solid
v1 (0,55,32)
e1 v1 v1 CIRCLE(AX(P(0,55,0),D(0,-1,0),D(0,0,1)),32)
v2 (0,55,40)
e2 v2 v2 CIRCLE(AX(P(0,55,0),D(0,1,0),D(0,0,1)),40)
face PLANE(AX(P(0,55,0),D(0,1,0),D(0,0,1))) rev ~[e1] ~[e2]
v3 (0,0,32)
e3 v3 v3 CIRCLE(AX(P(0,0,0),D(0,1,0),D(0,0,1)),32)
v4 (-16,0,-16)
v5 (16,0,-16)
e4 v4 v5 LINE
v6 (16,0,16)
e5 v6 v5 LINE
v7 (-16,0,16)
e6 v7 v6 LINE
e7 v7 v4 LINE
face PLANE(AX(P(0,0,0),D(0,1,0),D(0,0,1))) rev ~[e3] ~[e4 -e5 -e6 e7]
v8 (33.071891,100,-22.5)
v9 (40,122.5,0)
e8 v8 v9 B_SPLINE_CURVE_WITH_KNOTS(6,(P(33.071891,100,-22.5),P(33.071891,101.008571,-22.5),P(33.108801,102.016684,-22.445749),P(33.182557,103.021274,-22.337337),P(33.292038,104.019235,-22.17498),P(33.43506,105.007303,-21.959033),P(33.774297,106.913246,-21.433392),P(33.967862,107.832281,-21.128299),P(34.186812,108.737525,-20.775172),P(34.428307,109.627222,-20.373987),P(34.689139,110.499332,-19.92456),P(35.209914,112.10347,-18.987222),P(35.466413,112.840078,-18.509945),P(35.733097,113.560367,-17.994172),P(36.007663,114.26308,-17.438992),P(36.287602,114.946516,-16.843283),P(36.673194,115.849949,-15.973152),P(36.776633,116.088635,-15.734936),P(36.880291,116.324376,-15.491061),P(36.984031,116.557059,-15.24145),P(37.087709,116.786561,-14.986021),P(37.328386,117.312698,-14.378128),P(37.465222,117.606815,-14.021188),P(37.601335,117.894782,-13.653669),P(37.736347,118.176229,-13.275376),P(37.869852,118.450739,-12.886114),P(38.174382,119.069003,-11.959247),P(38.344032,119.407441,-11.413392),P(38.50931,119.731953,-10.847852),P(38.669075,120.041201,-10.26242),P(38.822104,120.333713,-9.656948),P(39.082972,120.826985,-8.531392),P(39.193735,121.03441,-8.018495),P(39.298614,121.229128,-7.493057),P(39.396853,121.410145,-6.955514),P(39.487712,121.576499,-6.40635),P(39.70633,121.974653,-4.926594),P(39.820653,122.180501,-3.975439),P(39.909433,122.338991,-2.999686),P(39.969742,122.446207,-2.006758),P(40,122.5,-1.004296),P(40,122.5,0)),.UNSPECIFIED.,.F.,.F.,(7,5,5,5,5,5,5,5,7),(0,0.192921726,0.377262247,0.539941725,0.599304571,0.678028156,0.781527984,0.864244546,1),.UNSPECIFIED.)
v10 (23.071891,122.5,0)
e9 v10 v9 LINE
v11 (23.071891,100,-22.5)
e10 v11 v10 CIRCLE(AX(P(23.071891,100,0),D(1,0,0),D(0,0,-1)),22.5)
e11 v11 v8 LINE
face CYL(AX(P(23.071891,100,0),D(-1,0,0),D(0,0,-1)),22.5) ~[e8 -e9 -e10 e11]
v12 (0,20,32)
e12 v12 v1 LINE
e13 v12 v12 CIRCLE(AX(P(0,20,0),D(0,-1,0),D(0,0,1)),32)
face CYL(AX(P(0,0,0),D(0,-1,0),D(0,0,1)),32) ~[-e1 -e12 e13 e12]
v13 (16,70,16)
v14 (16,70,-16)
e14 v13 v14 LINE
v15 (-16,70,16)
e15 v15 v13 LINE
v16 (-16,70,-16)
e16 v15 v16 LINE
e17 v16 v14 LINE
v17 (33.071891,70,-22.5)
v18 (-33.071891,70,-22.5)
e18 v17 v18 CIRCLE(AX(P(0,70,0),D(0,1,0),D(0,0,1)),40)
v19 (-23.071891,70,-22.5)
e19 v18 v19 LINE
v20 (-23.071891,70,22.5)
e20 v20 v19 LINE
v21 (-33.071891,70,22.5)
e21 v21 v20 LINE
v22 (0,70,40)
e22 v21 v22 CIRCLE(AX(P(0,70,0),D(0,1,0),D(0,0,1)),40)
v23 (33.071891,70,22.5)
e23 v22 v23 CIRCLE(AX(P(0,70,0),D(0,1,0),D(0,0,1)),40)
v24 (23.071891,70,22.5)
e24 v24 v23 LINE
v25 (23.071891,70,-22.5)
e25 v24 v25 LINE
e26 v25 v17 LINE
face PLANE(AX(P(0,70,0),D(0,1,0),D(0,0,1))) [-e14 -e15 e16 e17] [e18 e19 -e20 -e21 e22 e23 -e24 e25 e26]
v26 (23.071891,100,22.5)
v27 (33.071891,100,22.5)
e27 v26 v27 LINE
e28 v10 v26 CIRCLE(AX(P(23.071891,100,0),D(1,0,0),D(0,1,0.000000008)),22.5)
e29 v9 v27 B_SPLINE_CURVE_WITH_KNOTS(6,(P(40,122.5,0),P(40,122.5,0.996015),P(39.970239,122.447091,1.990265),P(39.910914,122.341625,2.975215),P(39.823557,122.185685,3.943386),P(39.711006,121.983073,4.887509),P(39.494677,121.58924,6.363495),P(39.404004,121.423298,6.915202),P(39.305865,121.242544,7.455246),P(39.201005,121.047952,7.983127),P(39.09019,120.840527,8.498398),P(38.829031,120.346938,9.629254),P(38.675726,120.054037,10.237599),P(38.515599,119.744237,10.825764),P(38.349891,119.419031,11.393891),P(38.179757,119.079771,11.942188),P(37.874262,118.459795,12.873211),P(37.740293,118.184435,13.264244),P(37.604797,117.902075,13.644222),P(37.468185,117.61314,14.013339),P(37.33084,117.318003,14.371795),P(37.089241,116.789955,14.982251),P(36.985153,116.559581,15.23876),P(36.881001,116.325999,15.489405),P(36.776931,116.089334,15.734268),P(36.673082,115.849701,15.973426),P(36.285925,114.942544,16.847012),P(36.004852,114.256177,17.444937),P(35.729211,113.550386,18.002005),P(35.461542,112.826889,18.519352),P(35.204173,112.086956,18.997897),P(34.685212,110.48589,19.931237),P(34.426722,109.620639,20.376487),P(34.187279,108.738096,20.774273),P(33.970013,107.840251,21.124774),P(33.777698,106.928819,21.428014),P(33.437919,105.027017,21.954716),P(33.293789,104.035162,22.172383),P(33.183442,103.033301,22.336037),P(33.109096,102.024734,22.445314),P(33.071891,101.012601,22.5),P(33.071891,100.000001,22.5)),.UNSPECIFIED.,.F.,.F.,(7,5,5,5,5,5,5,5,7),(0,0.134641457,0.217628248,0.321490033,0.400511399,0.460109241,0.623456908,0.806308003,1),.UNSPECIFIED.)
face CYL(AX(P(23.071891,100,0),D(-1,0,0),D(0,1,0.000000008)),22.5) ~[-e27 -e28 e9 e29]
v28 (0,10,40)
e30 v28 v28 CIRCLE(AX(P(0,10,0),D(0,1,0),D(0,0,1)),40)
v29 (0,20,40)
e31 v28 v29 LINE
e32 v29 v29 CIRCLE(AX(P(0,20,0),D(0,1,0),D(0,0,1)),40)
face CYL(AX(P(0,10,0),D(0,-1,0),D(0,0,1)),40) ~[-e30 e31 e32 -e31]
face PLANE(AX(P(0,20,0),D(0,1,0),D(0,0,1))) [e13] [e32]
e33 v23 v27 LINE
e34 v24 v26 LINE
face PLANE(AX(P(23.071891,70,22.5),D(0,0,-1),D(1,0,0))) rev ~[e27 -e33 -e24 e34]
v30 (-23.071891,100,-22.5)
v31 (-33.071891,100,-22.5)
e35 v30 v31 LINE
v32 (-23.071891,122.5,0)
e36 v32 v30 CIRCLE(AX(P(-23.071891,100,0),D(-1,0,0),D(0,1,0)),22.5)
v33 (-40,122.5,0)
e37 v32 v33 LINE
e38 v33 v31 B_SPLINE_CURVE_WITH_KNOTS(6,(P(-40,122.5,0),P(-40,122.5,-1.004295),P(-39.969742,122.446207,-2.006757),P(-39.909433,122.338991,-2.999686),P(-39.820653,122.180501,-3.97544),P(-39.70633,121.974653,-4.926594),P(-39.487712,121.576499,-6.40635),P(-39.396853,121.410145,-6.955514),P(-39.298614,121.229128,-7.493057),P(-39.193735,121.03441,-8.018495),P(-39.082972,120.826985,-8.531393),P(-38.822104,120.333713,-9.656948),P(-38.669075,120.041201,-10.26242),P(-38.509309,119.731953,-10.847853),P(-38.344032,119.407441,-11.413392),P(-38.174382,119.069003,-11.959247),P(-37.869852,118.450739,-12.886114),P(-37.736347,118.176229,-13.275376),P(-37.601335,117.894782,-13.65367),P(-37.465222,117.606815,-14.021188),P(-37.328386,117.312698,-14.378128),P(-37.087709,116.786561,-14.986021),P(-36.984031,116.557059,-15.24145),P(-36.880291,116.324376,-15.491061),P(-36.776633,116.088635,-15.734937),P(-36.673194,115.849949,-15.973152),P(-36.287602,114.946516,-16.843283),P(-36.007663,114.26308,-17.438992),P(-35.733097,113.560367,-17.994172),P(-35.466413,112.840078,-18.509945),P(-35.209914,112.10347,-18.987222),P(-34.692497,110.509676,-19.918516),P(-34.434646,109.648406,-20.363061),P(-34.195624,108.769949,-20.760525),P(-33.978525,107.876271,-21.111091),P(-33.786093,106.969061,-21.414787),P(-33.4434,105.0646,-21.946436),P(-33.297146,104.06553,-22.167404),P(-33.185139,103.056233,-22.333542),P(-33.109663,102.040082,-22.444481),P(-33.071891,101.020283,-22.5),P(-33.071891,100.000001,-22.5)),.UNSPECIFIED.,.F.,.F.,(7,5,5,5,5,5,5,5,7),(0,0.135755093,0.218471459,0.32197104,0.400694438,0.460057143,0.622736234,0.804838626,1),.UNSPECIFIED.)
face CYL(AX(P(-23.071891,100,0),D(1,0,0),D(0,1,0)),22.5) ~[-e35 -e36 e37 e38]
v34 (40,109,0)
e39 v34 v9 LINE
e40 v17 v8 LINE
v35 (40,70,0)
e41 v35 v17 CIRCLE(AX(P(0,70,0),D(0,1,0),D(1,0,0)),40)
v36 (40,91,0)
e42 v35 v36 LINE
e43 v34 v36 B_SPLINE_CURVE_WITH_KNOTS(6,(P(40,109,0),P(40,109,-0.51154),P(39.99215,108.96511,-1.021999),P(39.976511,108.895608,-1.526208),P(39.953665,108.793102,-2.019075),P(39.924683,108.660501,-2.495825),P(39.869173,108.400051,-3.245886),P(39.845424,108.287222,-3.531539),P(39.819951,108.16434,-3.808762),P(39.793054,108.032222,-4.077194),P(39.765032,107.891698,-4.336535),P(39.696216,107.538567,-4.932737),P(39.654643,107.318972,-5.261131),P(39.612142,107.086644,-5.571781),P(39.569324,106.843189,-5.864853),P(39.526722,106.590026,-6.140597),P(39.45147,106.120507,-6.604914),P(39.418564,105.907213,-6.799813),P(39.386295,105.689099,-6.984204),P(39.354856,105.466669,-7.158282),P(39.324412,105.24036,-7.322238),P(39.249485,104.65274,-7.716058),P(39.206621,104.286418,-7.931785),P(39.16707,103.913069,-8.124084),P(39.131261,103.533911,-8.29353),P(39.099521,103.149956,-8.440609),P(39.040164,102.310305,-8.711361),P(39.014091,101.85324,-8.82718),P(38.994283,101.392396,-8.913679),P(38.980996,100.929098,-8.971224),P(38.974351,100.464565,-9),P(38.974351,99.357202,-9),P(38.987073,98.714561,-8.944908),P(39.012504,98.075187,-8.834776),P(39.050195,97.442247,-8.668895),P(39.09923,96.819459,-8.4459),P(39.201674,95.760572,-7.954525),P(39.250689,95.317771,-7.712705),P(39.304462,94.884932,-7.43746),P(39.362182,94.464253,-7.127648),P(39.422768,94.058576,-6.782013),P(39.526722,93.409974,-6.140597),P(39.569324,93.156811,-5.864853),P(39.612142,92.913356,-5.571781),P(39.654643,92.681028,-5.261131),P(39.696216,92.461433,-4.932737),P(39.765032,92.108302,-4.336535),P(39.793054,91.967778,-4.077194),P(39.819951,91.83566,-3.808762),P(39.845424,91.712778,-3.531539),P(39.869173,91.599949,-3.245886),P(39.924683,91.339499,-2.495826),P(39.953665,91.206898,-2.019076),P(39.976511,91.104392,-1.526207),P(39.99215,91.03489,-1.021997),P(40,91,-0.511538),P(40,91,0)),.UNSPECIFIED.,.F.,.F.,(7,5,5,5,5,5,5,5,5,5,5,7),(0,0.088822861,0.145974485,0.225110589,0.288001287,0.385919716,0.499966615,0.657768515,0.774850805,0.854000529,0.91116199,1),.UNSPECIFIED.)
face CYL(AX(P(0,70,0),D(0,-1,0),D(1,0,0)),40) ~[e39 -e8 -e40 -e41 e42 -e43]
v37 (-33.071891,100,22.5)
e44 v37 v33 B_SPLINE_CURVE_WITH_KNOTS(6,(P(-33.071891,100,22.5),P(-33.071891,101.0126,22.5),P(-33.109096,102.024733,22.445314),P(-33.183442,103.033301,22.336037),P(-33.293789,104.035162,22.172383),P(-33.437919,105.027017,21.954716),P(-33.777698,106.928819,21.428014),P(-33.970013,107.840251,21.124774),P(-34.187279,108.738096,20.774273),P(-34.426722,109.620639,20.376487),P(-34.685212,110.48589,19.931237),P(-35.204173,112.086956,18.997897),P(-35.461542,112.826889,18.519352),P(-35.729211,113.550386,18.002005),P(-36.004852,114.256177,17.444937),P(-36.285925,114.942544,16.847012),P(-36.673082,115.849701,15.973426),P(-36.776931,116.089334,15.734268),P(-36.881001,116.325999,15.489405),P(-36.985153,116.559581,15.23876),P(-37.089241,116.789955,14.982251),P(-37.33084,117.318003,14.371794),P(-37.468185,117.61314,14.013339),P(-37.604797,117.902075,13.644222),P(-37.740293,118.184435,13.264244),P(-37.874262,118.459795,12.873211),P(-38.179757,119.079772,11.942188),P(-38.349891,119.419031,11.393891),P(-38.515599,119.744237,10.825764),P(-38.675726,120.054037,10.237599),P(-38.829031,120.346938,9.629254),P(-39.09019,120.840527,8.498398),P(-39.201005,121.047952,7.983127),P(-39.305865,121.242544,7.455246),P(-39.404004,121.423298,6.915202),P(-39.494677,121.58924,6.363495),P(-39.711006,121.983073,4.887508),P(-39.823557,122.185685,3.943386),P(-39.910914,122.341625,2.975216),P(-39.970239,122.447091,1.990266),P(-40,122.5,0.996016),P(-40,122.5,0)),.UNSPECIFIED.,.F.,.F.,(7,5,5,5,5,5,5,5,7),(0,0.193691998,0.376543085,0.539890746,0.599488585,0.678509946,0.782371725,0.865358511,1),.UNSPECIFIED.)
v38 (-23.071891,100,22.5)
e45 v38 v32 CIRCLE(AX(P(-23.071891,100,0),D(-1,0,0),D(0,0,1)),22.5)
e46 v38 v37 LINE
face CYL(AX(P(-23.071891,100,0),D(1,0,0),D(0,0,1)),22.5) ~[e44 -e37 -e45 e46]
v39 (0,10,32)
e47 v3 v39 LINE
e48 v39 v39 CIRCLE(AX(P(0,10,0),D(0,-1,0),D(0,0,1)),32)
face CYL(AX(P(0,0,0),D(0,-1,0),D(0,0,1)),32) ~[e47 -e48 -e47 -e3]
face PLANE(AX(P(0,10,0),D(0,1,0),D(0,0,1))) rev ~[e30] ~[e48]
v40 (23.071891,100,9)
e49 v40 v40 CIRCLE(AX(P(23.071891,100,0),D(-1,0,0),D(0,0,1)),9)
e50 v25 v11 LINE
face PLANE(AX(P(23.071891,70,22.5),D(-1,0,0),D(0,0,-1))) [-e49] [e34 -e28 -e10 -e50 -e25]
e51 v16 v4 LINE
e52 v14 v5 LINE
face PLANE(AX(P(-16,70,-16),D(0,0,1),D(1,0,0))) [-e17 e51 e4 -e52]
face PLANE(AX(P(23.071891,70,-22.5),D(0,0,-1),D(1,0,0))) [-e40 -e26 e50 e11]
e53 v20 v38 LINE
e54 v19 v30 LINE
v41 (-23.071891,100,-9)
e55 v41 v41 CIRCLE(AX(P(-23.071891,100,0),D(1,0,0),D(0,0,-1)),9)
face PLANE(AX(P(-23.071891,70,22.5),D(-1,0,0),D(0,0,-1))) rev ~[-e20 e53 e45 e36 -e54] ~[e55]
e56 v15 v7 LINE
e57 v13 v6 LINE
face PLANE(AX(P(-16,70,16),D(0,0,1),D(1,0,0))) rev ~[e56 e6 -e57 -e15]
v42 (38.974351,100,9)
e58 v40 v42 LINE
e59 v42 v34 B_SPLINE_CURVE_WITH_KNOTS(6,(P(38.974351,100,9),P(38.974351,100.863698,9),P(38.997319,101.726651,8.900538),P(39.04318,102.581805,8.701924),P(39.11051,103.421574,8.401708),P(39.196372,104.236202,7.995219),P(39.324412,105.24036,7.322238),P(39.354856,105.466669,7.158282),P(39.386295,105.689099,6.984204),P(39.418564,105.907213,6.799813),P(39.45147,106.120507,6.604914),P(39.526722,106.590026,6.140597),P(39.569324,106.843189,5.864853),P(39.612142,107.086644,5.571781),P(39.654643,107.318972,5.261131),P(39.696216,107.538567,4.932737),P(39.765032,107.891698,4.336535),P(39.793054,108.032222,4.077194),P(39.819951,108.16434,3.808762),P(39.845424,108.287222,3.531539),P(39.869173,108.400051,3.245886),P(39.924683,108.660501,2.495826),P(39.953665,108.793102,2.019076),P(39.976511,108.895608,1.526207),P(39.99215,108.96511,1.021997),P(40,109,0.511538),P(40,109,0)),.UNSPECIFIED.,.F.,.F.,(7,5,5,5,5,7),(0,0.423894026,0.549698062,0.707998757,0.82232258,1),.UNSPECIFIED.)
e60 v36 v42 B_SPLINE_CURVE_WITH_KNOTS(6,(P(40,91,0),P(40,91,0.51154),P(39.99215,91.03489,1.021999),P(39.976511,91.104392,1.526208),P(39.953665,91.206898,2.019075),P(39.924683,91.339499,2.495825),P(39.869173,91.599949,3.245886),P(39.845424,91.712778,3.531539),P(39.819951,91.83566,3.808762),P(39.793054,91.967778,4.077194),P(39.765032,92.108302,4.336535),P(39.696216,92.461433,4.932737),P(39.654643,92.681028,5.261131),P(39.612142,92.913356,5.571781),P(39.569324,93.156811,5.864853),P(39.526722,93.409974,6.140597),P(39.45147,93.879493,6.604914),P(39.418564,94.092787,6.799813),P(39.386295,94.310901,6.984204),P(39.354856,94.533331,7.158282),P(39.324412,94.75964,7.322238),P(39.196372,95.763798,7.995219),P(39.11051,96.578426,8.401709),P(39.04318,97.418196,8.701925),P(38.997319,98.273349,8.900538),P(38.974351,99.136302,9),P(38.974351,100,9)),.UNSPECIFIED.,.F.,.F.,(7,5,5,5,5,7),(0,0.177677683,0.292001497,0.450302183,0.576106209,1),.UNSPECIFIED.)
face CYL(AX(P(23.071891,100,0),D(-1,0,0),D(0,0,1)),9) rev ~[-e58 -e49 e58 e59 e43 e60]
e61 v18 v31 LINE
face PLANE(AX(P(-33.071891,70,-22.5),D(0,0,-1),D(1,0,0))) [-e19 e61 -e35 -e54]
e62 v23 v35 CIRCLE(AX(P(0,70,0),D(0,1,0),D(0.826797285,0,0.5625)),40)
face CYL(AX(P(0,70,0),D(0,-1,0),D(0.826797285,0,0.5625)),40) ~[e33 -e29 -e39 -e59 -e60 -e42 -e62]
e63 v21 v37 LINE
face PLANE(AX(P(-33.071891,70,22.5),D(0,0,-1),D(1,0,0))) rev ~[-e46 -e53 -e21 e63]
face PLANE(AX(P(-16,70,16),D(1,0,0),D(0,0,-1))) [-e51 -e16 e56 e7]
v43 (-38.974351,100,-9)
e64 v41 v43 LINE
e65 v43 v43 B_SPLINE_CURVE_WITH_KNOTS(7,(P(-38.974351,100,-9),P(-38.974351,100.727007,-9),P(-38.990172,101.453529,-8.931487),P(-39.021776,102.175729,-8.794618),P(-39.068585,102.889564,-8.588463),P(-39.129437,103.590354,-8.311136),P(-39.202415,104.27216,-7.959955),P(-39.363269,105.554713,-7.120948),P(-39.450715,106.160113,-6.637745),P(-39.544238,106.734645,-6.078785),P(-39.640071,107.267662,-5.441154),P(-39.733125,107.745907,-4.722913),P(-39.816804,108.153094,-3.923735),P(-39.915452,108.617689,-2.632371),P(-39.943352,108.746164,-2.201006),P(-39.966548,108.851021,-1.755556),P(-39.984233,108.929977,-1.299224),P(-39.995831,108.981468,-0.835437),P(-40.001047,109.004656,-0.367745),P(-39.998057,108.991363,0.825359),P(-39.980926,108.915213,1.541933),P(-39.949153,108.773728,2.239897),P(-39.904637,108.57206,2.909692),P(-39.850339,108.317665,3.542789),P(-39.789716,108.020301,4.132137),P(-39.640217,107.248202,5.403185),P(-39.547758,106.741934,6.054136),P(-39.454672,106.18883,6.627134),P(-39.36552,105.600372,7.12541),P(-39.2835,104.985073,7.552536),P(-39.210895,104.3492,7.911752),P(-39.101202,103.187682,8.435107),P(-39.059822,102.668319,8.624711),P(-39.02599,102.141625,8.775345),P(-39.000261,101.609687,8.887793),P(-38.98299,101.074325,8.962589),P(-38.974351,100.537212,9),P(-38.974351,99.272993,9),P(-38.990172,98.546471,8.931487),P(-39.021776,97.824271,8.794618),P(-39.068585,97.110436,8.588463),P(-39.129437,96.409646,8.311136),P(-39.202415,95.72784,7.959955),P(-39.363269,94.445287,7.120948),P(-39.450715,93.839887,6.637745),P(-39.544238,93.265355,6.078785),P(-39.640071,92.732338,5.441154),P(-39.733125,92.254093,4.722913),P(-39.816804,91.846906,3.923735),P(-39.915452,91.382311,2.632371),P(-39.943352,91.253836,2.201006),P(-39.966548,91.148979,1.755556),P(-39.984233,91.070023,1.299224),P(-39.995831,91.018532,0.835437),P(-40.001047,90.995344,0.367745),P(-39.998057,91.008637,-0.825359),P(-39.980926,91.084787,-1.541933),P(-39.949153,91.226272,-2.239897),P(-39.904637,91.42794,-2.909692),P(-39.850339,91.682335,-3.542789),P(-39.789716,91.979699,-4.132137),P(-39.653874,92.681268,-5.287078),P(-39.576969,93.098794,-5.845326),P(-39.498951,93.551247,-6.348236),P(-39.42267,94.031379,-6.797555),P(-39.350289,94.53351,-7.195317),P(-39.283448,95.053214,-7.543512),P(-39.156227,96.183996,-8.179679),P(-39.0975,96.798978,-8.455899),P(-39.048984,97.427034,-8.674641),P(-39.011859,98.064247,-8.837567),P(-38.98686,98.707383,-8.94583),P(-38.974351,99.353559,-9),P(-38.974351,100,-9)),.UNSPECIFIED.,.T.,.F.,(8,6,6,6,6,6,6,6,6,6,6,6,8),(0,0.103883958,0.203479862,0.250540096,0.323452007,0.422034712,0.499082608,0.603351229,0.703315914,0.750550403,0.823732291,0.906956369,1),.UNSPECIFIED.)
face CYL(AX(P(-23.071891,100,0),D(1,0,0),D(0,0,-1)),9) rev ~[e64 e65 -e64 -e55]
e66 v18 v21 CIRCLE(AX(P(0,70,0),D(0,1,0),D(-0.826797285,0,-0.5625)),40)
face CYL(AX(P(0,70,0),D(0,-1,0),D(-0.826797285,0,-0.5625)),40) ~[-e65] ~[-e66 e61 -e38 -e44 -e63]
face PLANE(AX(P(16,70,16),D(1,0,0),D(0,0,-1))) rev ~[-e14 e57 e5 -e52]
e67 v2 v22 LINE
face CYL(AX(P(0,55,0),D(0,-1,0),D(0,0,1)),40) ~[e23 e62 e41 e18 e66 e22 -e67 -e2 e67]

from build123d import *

# Parameters (mm, degrees)
IZIM1_R                     = 32
Y_KSEKLIK_EKSTR_ZYON1_DEPTH = 70
IZIM2_R                     = 40
Y_KSEKLIK_EKSTR_ZYON2_DEPTH = 10
IZIM3_R                     = 40
Y_KSEKLIK_EKSTR_ZYON3_DEPTH = 15
IZIM4_W                     = 32
IZIM4_H                     = 32
KES_EKSTR_ZYON1_DEPTH       = 91
IZIM5_W                     = 10
IZIM5_H                     = 45
Y_KSEKLIK_EKSTR_ZYON6_DEPTH = 52.5
IZIM11_R                    = 9
KES_EKSTR_ZYON2_DEPTH       = 144.472343967
KES_EKSTR_ZYON3_DEPTH       = 144.472344097


with BuildPart() as part:
    # Çizim1 → Yükseklik-Ekstrüzyon1 (new body)
    with BuildSketch(Plane(origin=(0, 0, 0), x_dir=(1, 0, 0), z_dir=(0, 1, 0))):
        with Locations(Location((0, 0, 0), (0, 0, 270))):
            Circle(IZIM1_R)
    extrude(amount=Y_KSEKLIK_EKSTR_ZYON1_DEPTH)

    # Çizim2 → Yükseklik-Ekstrüzyon2 (add)
    with BuildSketch(Plane(origin=(0, 10, 0), x_dir=(1, 0, 0), z_dir=(0, 1, 0))):
        with Locations(Location((0, 0, 0), (0, 0, 270))):
            Circle(IZIM2_R)
    extrude(amount=Y_KSEKLIK_EKSTR_ZYON2_DEPTH)

    # Çizim3 → Yükseklik-Ekstrüzyon3 (add)
    with BuildSketch(Plane(origin=(0, 55, 0), x_dir=(1, 0, 0), z_dir=(0, 1, 0))):
        with Locations(Location((0, 0, 0), (0, 0, 270))):
            Circle(IZIM3_R)
    extrude(amount=Y_KSEKLIK_EKSTR_ZYON3_DEPTH)

    # Çizim4 → Kes-Ekstrüzyon1 (cut, through all)
    with BuildSketch(Plane(origin=(0, 70, 0), x_dir=(1, 0, 0), z_dir=(0, 1, 0))):
        Rectangle(IZIM4_W, IZIM4_H)
    extrude(amount=-KES_EKSTR_ZYON1_DEPTH, mode=Mode.SUBTRACT)

    # Çizim5 → Yükseklik-Ekstrüzyon6 (add)
    with BuildSketch(Plane(origin=(0, 70, 0), x_dir=(1, 0, 0), z_dir=(0, 1, 0))):
        with Locations((-28.071891388, 0)):
            Rectangle(IZIM5_W, IZIM5_H)
        with BuildLine():
            ThreePointArc((-33.071891388, 22.5), (-40, 0), (-33.071891388, -22.5))
            Line((-33.071891388, -22.5), (-33.071891388, 22.5))
        make_face()
        with Locations((28.071891388, 0)):
            Rectangle(IZIM5_W, IZIM5_H)
        with BuildLine():
            Line((33.071891388, 22.5), (33.071891388, -22.5))
            ThreePointArc((33.071891388, -22.5), (38.228756555, -11.771243445), (40, 0))
            ThreePointArc((40, 0), (38.228756555, 11.771243445), (33.071891388, 22.5))
        make_face()
    extrude(amount=Y_KSEKLIK_EKSTR_ZYON6_DEPTH)

    # Çizim11 → Kes-Ekstrüzyon2 (cut, through all)
    with BuildSketch(Plane.ZY.offset(-23.071891388)):
        with Locations((0, 100)):
            Circle(IZIM11_R)
        with BuildLine():
            ThreePointArc((-22.5, 100), (-15.909902516, 115.909902637), (1.71e-07, 122.5))
            Line((1.71e-07, 122.5), (-22.5, 122.5))
            Line((-22.5, 122.5), (-22.5, 100))
        make_face()
        with BuildLine():
            ThreePointArc((1.71e-07, 122.5), (15.909902637, 115.909902516), (22.5, 100))
            Line((22.5, 100), (22.5, 122.5))
            Line((22.5, 122.5), (1.71e-07, 122.5))
        make_face()
    extrude(amount=-KES_EKSTR_ZYON2_DEPTH, mode=Mode.SUBTRACT)

    # Çizim12 → Kes-Ekstrüzyon3 (cut, through all)
    with BuildSketch(Plane(origin=(-23.071891388, 0, 0), x_dir=(0, 0, -1), z_dir=(1, 0, 0))):
        with BuildLine():
            ThreePointArc((-22.5, 100), (-15.90990258, 115.909902574), (-8e-09, 122.5))
            Line((-8e-09, 122.5), (-22.5, 122.5))
            Line((-22.5, 122.5), (-22.5, 100))
        make_face()
        with BuildLine():
            ThreePointArc((-9, 100), (0, 91), (9, 100))
            Line((9, 100), (-9, 100))
        make_face()
        with BuildLine():
            Line((-9, 100), (9, 100))
            ThreePointArc((9, 100), (0, 109), (-9, 100))
        make_face()
        with BuildLine():
            ThreePointArc((-8e-09, 122.5), (15.909902574, 115.90990258), (22.5, 100))
            Line((22.5, 100), (22.5, 122.5))
            Line((22.5, 122.5), (-8e-09, 122.5))
        make_face()
    extrude(amount=-KES_EKSTR_ZYON3_DEPTH, mode=Mode.SUBTRACT)


solid = part.part
